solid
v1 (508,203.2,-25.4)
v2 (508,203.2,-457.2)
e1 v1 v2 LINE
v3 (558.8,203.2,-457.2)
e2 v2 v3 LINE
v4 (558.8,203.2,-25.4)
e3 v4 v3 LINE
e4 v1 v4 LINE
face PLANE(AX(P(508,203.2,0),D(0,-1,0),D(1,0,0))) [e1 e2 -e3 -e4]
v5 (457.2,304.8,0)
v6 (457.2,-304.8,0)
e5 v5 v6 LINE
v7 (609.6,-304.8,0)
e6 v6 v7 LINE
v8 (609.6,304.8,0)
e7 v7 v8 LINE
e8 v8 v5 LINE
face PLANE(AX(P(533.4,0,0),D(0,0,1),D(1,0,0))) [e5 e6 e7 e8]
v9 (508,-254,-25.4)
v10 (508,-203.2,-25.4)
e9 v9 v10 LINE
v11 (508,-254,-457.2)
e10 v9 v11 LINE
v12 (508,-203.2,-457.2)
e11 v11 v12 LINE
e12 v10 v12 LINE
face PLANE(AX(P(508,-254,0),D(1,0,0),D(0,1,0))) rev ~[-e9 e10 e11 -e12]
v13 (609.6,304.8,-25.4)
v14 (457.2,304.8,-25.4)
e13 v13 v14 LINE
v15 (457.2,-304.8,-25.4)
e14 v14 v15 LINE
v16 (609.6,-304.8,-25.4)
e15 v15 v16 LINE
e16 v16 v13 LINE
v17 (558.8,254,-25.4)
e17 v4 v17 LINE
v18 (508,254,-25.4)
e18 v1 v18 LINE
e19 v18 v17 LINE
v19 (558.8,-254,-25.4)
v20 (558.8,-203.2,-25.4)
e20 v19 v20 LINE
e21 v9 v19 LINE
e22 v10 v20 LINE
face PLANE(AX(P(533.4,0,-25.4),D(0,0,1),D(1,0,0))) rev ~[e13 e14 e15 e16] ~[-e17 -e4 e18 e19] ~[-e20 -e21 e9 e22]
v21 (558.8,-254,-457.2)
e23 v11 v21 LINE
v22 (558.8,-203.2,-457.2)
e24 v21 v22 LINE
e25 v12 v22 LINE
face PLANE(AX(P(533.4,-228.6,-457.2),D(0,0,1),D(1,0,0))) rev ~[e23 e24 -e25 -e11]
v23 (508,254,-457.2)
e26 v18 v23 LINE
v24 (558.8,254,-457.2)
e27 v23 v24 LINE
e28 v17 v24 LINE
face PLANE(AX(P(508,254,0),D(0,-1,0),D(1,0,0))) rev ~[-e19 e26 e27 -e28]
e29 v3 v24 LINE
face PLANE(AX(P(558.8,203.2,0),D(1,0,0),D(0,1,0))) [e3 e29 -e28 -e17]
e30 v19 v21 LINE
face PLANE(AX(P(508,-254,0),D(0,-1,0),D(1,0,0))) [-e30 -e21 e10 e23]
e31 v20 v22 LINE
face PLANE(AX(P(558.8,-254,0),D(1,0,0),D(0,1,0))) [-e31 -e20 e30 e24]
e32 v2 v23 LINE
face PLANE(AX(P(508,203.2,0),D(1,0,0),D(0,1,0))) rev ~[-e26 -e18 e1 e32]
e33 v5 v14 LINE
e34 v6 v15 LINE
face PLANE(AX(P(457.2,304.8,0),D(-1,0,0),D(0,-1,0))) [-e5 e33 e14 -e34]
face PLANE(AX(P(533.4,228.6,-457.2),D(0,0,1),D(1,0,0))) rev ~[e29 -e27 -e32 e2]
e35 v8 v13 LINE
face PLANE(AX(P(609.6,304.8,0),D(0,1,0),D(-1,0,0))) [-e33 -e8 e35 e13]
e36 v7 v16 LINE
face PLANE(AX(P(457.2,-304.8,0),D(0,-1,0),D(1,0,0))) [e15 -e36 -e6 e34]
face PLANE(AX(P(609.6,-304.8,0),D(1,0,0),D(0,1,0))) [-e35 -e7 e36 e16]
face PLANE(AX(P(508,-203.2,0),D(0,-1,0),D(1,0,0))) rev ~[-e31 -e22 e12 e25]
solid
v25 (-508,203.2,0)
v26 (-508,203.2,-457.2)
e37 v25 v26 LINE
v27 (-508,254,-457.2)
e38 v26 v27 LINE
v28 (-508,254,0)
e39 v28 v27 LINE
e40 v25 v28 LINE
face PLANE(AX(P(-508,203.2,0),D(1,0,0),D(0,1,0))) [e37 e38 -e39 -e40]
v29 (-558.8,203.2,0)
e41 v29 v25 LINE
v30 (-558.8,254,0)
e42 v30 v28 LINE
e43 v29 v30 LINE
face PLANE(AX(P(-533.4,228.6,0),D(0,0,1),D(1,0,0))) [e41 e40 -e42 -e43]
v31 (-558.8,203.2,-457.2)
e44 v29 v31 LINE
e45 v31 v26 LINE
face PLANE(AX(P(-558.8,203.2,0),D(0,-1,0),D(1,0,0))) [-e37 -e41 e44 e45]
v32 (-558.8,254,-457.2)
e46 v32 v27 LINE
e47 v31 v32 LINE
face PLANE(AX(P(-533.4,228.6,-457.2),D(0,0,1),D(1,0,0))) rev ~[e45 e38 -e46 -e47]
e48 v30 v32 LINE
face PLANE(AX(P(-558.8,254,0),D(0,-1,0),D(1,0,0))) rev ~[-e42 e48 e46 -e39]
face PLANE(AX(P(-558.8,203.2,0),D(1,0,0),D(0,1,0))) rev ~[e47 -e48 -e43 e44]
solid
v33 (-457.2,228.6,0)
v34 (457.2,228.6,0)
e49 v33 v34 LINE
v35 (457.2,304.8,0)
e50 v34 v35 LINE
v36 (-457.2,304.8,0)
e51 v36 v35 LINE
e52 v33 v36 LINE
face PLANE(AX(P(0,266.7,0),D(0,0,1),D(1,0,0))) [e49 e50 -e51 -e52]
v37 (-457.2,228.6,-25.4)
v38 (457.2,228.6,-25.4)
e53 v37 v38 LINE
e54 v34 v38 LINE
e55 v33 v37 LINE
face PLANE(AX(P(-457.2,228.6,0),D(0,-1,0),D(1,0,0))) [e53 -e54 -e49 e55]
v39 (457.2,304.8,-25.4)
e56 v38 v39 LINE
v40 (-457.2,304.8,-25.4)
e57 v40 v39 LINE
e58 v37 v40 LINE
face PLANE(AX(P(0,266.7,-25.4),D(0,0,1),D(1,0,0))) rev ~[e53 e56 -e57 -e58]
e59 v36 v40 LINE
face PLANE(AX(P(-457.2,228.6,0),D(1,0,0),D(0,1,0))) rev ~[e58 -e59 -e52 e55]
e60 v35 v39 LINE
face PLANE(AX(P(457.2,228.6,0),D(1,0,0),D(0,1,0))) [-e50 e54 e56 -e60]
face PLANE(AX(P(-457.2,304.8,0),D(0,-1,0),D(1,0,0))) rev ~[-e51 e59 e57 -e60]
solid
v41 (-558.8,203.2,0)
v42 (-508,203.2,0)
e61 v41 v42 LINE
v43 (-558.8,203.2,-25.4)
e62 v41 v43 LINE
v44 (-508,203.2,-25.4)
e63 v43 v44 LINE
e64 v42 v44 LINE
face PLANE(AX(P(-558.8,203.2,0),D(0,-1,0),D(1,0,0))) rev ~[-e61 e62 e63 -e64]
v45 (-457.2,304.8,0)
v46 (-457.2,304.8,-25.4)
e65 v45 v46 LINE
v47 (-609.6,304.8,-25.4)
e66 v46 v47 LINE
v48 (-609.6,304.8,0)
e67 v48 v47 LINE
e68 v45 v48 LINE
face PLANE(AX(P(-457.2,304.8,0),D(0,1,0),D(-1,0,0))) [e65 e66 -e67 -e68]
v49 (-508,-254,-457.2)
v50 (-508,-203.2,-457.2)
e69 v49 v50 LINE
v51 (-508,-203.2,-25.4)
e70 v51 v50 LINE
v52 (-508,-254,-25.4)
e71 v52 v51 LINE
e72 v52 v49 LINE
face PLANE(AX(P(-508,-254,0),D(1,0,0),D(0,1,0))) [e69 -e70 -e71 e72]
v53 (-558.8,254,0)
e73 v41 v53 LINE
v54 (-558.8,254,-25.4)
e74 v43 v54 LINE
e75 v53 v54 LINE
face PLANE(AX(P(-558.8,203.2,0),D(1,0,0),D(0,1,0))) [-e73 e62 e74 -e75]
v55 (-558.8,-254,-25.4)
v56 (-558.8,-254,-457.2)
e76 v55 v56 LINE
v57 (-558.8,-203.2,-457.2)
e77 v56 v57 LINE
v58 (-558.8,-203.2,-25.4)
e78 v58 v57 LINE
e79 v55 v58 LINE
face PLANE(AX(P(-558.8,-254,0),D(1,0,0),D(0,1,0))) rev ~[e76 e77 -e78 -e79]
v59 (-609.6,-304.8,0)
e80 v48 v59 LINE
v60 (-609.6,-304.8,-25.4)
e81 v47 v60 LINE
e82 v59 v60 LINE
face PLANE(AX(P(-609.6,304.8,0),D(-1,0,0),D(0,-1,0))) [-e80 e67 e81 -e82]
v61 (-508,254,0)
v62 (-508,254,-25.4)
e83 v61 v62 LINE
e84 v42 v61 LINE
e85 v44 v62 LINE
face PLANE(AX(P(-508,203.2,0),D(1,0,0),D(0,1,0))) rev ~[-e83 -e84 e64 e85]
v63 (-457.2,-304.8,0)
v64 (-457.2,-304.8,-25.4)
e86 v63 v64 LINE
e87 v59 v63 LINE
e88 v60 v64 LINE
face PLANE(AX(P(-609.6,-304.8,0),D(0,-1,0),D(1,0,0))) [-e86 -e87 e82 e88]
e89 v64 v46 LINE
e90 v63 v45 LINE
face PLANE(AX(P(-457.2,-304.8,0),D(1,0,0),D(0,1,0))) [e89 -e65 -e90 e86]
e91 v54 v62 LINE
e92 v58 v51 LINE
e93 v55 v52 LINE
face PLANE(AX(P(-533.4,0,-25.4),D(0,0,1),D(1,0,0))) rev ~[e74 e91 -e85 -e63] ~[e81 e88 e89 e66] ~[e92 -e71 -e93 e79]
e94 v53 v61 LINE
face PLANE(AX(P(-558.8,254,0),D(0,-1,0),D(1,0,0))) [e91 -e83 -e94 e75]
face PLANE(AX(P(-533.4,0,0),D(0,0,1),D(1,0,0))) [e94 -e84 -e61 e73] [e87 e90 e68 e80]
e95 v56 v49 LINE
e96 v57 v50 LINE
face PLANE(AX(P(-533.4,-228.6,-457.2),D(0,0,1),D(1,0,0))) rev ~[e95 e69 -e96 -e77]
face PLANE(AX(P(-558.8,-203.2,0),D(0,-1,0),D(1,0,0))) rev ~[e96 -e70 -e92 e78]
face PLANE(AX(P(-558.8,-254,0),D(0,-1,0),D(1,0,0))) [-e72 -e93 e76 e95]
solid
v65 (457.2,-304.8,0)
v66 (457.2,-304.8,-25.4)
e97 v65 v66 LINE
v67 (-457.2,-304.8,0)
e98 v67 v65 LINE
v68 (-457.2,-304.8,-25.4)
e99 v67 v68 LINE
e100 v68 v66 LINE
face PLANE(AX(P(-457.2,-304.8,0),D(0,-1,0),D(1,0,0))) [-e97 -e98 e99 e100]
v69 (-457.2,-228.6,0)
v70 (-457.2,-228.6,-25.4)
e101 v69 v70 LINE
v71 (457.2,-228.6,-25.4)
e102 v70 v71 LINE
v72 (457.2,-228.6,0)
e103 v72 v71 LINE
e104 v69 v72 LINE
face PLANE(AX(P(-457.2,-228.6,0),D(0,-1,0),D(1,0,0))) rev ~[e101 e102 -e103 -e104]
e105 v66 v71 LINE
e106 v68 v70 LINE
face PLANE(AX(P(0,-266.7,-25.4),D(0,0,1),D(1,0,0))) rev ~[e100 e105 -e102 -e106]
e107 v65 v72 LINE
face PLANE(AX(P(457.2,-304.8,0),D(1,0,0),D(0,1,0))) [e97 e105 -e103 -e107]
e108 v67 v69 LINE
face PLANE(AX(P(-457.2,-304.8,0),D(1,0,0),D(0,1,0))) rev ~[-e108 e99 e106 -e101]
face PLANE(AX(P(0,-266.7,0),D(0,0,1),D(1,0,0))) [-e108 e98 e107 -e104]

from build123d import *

# Parameters (mm, degrees)
F1_W     = 50.8
F1_H     = 50.8
F2_DEPTH = 25.4
F0_W     = 50.8
F0_H     = 50.8
F3_DEPTH = 25.4
F0_W_2   = 914.4
F0_H_2   = 76.2
F4_DEPTH = 25.4
F5_DEPTH = 25.4
F6_DEPTH = 457.2
F7_DEPTH = 457.2
F8_DEPTH = 457.2
F9_DEPTH = 457.2


with BuildPart() as f2:
    # F1 (on face) → F2 (new body)
    with BuildSketch(Plane.XY):
        Polygon((-457.2, -304.8), (-457.2, -228.6), (-457.2, 228.6), (-457.2, 304.8), (-609.6, 304.8), (-609.6, -304.8), align=None)
        with Locations((-533.4, -228.6)):
            Rectangle(F1_W, F1_H, mode=Mode.SUBTRACT)
        with Locations((-533.4, 228.6)):
            Rectangle(F1_W, F1_H, mode=Mode.SUBTRACT)
    extrude(amount=-F2_DEPTH)

    # F0 (on Top) → F7 (join)
    with BuildSketch(Plane.XY):
        with Locations((-533.4, -228.6)):
            Rectangle(F0_W, F0_H)
    extrude(amount=-F7_DEPTH)


with BuildPart() as f3:
    # F0 (on Top) → F3 (new body)
    with BuildSketch(Plane.XY):
        Polygon((457.2, 304.8), (457.2, 228.6), (457.2, -228.6), (457.2, -304.8), (609.6, -304.8), (609.6, 304.8), align=None)
        with Locations((533.4, -228.6)):
            Rectangle(F0_W, F0_H, mode=Mode.SUBTRACT)
        with Locations((533.4, 228.6)):
            Rectangle(F0_W, F0_H, mode=Mode.SUBTRACT)
    extrude(amount=-F3_DEPTH)

    # F0 (on Top) → F8 (join)
    with BuildSketch(Plane.XY):
        with Locations((533.4, -228.6)):
            Rectangle(F0_W, F0_H)
    extrude(amount=-F8_DEPTH)

    # F0 (on Top) → F9 (join)
    with BuildSketch(Plane.XY):
        with Locations((533.4, 228.6)):
            Rectangle(F0_W, F0_H)
    extrude(amount=-F9_DEPTH)


with BuildPart() as f4:
    # F0 (on Top) → F4 (new body)
    with BuildSketch(Plane.XY):
        with Locations((0, 266.7)):
            Rectangle(F0_W_2, F0_H_2)
    extrude(amount=-F4_DEPTH)


with BuildPart() as f5:
    # F0 (on Top) → F5 (new body)
    with BuildSketch(Plane.XY):
        with Locations((0, -266.7)):
            Rectangle(F0_W_2, F0_H_2)
    extrude(amount=-F5_DEPTH)


with BuildPart() as f6:
    # F0 (on Top) → F6 (new body)
    with BuildSketch(Plane.XY):
        with Locations((-533.4, 228.6)):
            Rectangle(F0_W, F0_H)
    extrude(amount=-F6_DEPTH)


solid = Compound([f2.part, f3.part, f4.part, f5.part, f6.part])
